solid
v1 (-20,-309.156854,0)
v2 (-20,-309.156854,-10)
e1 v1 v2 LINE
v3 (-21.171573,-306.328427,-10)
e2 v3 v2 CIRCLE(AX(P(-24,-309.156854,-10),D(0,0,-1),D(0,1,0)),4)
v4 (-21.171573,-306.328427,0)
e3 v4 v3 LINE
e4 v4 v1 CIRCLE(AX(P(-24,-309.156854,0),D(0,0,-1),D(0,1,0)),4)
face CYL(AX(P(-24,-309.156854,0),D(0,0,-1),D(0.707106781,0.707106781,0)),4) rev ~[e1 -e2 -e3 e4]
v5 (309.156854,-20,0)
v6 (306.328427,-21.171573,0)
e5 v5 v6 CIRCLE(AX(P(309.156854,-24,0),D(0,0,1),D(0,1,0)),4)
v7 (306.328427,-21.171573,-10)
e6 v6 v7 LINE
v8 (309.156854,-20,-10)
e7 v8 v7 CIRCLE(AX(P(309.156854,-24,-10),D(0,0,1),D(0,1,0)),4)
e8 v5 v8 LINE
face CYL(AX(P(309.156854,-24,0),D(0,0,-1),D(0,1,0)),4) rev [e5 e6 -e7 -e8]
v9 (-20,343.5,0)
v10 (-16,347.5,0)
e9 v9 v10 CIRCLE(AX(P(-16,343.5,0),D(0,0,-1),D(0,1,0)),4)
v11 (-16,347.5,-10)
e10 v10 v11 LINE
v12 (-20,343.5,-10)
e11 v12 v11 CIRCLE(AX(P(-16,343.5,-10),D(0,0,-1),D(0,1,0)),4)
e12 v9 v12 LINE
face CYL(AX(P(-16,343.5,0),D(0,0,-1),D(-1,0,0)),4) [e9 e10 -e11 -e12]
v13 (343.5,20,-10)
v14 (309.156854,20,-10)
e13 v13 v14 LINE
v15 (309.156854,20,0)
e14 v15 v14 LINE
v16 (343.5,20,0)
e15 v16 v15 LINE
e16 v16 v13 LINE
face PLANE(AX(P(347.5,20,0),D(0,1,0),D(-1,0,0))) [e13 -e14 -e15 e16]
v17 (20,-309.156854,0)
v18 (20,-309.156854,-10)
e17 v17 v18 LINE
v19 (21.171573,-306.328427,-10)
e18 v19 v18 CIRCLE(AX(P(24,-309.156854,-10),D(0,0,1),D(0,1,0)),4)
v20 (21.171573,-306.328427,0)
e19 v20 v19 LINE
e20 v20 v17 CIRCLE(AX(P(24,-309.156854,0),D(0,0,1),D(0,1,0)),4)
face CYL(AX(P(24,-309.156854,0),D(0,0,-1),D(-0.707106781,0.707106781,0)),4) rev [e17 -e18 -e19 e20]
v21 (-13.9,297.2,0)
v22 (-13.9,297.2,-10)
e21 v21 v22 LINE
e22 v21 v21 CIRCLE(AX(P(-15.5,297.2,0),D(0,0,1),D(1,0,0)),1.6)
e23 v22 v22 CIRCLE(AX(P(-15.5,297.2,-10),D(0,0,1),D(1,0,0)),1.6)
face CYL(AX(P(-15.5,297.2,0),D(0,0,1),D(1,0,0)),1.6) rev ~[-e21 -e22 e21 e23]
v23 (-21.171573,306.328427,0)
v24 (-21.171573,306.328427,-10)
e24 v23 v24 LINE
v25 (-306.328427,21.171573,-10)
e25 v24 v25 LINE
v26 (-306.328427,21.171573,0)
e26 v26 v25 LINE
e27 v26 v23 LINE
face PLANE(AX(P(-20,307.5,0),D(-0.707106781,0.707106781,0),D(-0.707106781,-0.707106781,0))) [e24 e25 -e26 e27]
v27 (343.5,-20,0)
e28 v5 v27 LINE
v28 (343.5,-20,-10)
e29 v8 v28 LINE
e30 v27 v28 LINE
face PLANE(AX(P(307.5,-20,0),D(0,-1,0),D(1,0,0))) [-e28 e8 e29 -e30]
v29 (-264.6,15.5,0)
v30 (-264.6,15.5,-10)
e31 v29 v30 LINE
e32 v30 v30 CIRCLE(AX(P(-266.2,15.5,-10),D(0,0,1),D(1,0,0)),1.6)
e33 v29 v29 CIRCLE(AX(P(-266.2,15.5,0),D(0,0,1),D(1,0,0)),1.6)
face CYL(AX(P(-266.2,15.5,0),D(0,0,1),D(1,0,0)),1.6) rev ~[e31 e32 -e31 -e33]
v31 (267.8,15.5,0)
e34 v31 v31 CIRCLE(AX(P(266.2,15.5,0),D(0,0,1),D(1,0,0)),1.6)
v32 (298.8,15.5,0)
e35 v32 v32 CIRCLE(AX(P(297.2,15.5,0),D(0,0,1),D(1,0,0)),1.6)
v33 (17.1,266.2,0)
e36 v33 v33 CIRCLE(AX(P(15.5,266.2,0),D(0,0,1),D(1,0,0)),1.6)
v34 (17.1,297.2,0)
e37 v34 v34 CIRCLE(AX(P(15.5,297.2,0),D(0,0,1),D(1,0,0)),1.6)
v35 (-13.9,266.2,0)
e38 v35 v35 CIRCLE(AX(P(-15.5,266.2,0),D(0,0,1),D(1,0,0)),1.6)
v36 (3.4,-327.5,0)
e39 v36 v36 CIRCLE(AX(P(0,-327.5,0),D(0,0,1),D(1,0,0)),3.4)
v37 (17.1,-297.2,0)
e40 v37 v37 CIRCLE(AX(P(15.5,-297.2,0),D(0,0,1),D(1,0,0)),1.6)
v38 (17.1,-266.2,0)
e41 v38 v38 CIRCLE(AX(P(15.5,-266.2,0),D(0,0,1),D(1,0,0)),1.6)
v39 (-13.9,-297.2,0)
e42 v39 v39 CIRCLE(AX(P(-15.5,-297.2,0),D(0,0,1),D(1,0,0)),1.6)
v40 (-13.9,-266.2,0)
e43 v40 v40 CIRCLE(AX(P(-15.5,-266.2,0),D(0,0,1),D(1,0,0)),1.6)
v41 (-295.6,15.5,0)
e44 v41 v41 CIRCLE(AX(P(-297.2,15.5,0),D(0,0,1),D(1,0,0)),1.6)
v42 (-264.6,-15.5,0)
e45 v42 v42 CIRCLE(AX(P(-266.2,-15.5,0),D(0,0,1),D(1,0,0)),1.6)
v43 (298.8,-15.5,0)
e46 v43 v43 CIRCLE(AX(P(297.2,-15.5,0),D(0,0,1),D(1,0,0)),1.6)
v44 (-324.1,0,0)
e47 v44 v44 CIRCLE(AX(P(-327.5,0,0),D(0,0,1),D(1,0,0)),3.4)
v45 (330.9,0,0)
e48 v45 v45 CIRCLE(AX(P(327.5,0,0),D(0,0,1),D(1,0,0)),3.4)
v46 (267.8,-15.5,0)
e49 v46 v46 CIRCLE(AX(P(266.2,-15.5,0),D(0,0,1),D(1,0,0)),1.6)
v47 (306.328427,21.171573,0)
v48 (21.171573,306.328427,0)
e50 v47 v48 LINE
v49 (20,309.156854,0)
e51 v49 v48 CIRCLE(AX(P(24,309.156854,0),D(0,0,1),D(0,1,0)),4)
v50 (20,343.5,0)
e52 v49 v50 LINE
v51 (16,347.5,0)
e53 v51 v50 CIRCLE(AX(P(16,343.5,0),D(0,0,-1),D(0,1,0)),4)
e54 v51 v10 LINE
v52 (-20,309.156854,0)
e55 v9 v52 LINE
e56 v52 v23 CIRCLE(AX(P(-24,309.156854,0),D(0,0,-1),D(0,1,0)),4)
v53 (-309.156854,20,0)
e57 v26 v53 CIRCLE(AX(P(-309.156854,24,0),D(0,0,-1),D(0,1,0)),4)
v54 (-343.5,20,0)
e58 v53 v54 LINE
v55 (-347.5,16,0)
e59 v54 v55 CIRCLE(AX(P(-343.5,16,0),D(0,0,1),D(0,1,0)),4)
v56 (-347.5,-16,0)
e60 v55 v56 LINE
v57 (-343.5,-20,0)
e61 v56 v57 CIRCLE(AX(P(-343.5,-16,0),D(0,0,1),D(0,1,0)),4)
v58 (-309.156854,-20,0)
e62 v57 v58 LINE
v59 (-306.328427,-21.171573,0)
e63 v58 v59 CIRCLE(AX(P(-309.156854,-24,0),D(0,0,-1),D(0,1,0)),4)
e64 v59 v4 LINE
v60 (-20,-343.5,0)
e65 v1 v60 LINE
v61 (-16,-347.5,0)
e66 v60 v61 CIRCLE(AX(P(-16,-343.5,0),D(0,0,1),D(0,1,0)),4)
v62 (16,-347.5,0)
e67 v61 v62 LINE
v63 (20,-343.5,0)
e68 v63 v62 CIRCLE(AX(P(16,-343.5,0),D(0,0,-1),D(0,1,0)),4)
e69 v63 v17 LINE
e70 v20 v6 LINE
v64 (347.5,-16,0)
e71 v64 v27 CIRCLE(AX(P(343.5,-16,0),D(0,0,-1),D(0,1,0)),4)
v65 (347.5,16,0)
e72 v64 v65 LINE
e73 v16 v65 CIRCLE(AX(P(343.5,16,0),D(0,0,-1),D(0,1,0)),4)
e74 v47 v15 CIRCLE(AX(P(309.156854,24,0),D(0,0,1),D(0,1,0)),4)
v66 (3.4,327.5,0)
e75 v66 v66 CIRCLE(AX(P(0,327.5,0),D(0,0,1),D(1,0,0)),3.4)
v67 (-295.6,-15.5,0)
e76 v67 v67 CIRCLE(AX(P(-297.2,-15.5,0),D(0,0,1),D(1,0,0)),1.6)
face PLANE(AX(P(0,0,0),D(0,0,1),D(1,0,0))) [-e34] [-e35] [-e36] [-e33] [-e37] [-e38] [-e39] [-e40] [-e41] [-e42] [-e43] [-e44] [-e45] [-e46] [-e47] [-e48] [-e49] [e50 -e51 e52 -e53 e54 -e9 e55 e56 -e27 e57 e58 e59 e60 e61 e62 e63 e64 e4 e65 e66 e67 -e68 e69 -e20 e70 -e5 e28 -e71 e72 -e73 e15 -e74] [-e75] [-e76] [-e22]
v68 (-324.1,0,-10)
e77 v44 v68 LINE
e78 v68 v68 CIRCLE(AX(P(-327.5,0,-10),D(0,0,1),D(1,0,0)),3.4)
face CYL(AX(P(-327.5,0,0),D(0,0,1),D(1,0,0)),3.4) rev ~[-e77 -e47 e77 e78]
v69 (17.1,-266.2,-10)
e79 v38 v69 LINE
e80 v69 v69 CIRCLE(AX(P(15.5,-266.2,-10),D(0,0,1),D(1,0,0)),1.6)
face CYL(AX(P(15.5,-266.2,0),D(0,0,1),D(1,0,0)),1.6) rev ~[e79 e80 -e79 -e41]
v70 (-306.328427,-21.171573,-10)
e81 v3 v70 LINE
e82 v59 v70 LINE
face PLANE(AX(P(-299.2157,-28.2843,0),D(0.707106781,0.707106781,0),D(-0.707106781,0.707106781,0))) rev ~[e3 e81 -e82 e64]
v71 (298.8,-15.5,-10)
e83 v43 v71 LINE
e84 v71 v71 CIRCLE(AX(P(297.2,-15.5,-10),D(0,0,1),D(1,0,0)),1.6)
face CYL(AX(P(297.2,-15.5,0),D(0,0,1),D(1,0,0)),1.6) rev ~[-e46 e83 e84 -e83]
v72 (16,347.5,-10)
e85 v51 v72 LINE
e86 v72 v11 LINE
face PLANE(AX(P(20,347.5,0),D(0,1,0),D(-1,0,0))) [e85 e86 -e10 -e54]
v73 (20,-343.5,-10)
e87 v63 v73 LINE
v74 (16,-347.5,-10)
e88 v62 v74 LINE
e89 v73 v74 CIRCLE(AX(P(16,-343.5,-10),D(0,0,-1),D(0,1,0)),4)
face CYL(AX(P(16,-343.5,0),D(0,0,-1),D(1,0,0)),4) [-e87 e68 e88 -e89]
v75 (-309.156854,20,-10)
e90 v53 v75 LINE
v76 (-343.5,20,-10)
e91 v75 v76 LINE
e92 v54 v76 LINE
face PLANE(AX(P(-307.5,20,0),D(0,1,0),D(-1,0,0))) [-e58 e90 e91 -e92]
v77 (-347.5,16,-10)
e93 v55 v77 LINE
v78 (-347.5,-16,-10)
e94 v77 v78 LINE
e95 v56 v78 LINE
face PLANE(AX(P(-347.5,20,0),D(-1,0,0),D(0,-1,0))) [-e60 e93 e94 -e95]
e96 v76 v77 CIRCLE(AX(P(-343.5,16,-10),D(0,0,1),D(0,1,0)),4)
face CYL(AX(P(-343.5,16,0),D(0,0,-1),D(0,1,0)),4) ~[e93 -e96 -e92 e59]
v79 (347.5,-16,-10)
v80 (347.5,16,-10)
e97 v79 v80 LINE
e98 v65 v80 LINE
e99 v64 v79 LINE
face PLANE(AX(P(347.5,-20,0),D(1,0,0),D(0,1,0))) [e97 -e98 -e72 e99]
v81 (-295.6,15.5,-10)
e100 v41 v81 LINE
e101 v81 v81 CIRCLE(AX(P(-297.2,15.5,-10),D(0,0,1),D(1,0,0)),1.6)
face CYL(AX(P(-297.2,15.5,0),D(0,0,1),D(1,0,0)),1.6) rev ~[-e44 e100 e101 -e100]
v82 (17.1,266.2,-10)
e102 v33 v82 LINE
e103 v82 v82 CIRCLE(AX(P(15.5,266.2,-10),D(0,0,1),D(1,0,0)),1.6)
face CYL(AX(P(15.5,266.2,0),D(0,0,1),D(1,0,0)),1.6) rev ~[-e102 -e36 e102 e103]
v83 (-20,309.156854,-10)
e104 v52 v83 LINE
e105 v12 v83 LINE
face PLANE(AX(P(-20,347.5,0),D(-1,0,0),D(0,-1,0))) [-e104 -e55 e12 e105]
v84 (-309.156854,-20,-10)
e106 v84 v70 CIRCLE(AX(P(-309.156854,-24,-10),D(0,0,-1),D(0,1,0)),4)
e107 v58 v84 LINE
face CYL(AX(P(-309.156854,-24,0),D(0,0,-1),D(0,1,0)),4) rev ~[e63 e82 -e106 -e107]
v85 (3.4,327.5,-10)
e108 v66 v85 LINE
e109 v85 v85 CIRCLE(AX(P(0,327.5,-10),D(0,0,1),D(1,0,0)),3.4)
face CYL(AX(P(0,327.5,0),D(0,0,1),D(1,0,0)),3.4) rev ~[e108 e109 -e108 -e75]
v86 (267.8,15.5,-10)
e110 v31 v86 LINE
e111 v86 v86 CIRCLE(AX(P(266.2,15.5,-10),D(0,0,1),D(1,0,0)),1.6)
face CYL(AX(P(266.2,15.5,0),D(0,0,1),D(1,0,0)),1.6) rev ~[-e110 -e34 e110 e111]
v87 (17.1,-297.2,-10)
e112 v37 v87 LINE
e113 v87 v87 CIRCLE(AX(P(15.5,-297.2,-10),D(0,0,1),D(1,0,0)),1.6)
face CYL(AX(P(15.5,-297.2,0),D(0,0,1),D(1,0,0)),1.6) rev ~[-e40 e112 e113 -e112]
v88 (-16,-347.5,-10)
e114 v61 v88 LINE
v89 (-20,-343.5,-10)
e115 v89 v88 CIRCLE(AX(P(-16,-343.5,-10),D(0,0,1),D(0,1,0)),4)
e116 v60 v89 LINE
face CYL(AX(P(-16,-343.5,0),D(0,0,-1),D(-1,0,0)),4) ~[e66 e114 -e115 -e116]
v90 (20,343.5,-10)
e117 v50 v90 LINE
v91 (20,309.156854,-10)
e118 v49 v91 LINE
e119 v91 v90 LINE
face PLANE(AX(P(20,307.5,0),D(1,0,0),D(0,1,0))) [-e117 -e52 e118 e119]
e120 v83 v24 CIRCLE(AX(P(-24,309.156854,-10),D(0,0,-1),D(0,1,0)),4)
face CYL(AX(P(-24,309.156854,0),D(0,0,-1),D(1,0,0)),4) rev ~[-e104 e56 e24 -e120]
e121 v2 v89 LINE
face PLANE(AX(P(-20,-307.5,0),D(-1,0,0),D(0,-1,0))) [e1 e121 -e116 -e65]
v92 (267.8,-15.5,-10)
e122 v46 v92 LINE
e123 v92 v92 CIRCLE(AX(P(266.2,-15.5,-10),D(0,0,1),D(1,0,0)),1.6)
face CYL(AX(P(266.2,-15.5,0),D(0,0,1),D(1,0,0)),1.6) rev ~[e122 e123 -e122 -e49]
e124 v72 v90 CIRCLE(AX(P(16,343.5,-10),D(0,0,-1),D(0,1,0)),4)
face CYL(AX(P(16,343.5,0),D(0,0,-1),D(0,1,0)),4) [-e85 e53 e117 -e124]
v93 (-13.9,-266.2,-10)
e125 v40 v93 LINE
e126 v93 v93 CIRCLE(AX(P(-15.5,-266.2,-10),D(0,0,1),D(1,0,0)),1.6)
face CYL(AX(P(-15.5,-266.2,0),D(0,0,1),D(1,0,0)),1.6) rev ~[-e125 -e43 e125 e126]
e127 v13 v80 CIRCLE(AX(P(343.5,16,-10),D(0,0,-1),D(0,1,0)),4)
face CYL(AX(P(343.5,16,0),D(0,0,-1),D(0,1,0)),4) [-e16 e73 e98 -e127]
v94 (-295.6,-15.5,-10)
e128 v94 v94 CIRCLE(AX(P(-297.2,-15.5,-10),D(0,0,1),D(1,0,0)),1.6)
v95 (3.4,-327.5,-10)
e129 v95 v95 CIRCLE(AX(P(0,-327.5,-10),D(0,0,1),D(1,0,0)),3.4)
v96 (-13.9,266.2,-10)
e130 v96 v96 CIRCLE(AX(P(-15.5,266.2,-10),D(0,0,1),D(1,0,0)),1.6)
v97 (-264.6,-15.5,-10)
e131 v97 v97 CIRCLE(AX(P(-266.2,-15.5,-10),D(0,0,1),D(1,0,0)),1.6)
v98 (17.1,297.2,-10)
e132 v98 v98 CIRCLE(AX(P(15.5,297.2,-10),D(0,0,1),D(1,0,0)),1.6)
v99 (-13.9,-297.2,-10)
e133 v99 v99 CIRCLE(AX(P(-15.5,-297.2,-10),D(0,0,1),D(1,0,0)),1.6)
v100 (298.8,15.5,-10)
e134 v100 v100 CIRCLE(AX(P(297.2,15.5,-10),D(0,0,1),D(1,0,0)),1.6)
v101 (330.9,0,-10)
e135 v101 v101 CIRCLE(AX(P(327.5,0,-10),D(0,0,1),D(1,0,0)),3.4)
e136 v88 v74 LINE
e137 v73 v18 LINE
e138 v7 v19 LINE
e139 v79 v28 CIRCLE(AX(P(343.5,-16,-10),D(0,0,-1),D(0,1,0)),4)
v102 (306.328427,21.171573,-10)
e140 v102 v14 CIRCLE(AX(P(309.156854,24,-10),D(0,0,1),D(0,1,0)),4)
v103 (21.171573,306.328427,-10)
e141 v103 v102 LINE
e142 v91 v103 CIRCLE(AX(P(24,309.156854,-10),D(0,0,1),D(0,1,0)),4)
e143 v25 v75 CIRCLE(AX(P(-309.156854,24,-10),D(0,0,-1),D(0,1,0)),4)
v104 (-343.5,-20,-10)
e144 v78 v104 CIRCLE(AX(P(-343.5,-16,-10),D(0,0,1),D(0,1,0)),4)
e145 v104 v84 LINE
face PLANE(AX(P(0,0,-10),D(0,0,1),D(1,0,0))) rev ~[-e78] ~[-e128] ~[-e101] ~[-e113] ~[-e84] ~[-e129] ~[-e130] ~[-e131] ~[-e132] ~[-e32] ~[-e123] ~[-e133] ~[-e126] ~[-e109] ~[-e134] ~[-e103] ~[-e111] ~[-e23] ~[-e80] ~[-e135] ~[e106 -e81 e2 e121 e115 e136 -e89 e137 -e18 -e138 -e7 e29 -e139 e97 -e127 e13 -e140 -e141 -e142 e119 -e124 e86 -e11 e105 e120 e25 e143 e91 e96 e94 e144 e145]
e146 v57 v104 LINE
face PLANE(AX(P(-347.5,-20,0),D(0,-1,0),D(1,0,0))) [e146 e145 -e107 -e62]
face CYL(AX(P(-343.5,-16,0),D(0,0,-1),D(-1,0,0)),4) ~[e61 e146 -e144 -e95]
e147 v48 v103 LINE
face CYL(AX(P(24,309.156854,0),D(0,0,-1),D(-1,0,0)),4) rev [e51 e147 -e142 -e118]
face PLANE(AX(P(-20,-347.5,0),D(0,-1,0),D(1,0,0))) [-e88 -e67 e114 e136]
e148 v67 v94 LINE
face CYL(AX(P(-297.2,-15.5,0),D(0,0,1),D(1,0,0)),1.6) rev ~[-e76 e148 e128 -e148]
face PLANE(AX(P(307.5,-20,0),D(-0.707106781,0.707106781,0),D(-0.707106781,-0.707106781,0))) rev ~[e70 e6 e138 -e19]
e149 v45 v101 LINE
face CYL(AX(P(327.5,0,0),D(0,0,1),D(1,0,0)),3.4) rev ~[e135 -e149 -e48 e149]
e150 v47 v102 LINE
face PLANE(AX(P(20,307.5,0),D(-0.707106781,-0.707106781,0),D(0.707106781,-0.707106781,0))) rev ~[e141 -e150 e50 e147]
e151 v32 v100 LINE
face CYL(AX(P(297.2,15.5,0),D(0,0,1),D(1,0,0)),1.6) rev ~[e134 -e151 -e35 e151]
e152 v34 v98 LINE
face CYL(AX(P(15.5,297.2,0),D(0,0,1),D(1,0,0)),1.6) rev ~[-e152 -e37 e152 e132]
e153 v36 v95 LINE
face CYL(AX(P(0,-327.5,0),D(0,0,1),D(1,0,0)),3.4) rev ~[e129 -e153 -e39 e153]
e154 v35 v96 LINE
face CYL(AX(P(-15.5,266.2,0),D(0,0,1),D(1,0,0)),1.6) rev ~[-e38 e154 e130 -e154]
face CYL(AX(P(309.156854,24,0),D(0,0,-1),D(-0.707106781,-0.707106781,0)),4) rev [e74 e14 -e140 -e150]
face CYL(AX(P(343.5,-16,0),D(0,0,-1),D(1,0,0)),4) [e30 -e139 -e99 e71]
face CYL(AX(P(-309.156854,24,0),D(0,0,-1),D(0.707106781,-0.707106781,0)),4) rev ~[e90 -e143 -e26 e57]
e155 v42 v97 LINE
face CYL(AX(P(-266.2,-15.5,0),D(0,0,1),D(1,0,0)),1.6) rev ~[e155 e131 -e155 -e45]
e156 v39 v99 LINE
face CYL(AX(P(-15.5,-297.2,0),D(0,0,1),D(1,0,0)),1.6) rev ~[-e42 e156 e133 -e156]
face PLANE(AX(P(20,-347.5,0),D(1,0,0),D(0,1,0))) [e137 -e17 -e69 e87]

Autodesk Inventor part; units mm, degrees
ref_plane "YZ Plane" through (0, 0, 0) normal (1, 0, 0) x (0, 1, 0)
ref_plane "XZ Plane" through (0, 0, 0) normal (0, 1, 0) x (-1, 0, 0)
ref_plane "XY Plane" through (0, 0, 0) normal (0, 0, 1) x (1, 0, 0)
sketch "Sketch2" plane through (0, 0, 0) normal (0, 0, 1) x (1, 0, 0)
  circle A0 centre (0, 0) radius 327.5 construction
  line L0 (-20, 307.5) -> (20, 307.5)
  line L1 (20, 307.5) -> (20, 347.5)
  line L2 (20, 347.5) -> (-20, 347.5)
  line L3 (-20, 347.5) -> (-20, 307.5)
  line L4 (-20, 307.5) -> (20, 347.5) construction
  line L5 (20, 307.5) -> (-20, 347.5) construction
  circle A1 centre (0, 327.5) radius 3.4
  circle A2 centre (-327.5, 0) radius 3.4
  line L6 (-347.5, 20) -> (-347.5, -20)
  line L7 (-347.5, -20) -> (-307.5, -20)
  line L8 (-307.5, -20) -> (-307.5, 20)
  line L9 (-307.5, 20) -> (-347.5, 20)
  line L10 (-307.5, 20) -> (-347.5, -20) construction
  line L11 (-307.5, -20) -> (-347.5, 20) construction
  circle A3 centre (0, -327.5) radius 3.4
  line L12 (-20, -347.5) -> (20, -347.5)
  line L13 (20, -347.5) -> (20, -307.5)
  line L14 (20, -307.5) -> (-20, -307.5)
  line L15 (-20, -307.5) -> (-20, -347.5)
  line L16 (-20, -307.5) -> (20, -347.5) construction
  line L17 (20, -307.5) -> (-20, -347.5) construction
  circle A4 centre (327.5, 0) radius 3.4
  line L18 (347.5, -20) -> (347.5, 20)
  line L19 (347.5, 20) -> (307.5, 20)
  line L20 (307.5, 20) -> (307.5, -20)
  line L21 (307.5, -20) -> (347.5, -20)
  line L22 (307.5, -20) -> (347.5, 20) construction
  line L23 (307.5, 20) -> (347.5, -20) construction
  line L24 (-20, 307.5) -> (-307.5, 20)
  line L25 (20, 307.5) -> (307.5, 20)
  line L26 (307.5, -20) -> (20, -307.5)
  line L27 (-20, -307.5) -> (-307.5, -20)
  line L28 (-307.5, 20) -> (307.5, 20)
  line L29 (-307.5, -20) -> (307.5, -20)
  line L30 (-20, 307.5) -> (-20, -307.5)
  line L31 (20, 307.5) -> (20, -307.5)
  line L32 (-299.2157, -28.2843) -> (28.2843, 299.2157)
  line L33 (-28.2843, 299.2157) -> (299.2157, -28.2843)
  line L34 (299.2157, 28.2843) -> (-28.2843, -299.2157)
  line L35 (-299.2157, 28.2843) -> (28.2843, -299.2157)
  line L36 (260.6, 21.1) -> (302.8, 21.1) construction
  line L37 (302.8, 21.1) -> (302.8, -21.1) construction
  line L38 (302.8, -21.1) -> (260.6, -21.1) construction
  line L39 (260.6, -21.1) -> (260.6, 21.1) construction
  line L40 (260.6, 21.1) -> (302.8, -21.1) construction
  line L41 (302.8, 21.1) -> (260.6, -21.1) construction
  circle A5 centre (297.2, 15.5) radius 1.6
  circle A6 centre (266.2, 15.5) radius 1.6
  circle A7 centre (266.2, -15.5) radius 1.6
  circle A8 centre (297.2, -15.5) radius 1.6
  circle A9 centre (-15.5, 266.2) radius 1.6
  circle A10 centre (-15.5, 297.2) radius 1.6
  circle A11 centre (15.5, 297.2) radius 1.6
  circle A12 centre (15.5, 266.2) radius 1.6
  circle A13 centre (-266.2, -15.5) radius 1.6
  circle A14 centre (-297.2, -15.5) radius 1.6
  circle A15 centre (-297.2, 15.5) radius 1.6
  circle A16 centre (-266.2, 15.5) radius 1.6
  circle A17 centre (15.5, -266.2) radius 1.6
  circle A18 centre (15.5, -297.2) radius 1.6
  circle A19 centre (-15.5, -297.2) radius 1.6
  circle A20 centre (-15.5, -266.2) radius 1.6
  point P0 (-250.9315, -20)
  point P1 (-20, -250.9315)
  point P2 (-20, -20)
  point P3 (20, -250.9315)
  point P4 (250.9315, -20)
  point P5 (20, -20)
  point P6 (250.9315, 20)
  point P7 (20, 250.9315)
  point P8 (20, 20)
  point P9 (-20, 250.9315)
  point P10 (-250.9315, 20)
  point P11 (-20, 20)
  point P12 (281.7, 0)
  dimension "d26" = 655
  dimension "d28" = 40
  dimension "d29" = 40
  dimension "d30" = 6.8
  dimension "d33" = 360
  dimension "d37" = 40
  dimension "d38" = 40
  dimension "d39" = 40
  dimension "d40" = 40
  dimension "d46" = 42.2
  dimension "d47" = 42.2
  dimension "d48" = 4.7
  dimension "d49" = 3.2
  dimension "d50" = 5.6
  dimension "d102" = 360
  dimension "d106" = 360
extrude "Extrusion3" add sketch "Sketch2" against normal blind 10 contours L3 L2 L1 L0 | L30 L33 L24 | L0 L31 L32 L33 L30 | L25 L32 L31 | L33 L30 L32 L28 L35 L24 | L33 L32 L30 | L25 L34 L28 L33 L31 L32 | L31 L33 L32 | L35 L28 L24 | L32 L33 L31 L28 L30 | L30 L28 L32 | L25 L28 L34 | L33 L28 L31 | L28 L35 L32 L29 L8 | L8 L7 L6 L9 | L28 L32 L35 | L30 L29 L35 L32 L28 | L28 L31 L29 L30 | L19 L18 L21 L20 | L20 L29 L33 L34 L28 | L34 L33 L28 | L28 L33 L34 L29 L31 | L29 L32 L27 | L35 L29 L32 | L30 L35 L29 | L29 L31 L34 L35 L30 | L26 L33 L29 | L33 L29 L34 | L29 L34 L31 | L32 L29 L35 L30 L34 L27 | L35 L34 L30 | L26 L35 L31 L34 L29 L33 | L31 L35 L34 | L34 L30 L27 | L34 L35 L31 L14 L30 | L26 L31 L35 | L14 L13 L12 L15 | A5 | A6 | A7 | A8 | A9 | A10 | A11 | A12 | A13 | A14 | A15 | A16 | A17 | A18 | A19 | A20
fillet "Fillet5" radius 4 16 edges at (-307.5, 20, -5) (-347.5, 20, -5) (-347.5, -20, -5) (-20, -347.5, -5) (20, -347.5, -5) (-20, -307.5, -5) (-20, 347.5, -5) (307.5, -20, -5) (347.5, -20, -5) (347.5, 20, -5) (20, 307.5, -5) (20, 347.5, -5) (307.5, 20, -5) (-20, 307.5, -5) (-307.5, -20, -5) (20, -307.5, -5)
extrude "Extrusion6" cut sketch "Sketch2" against normal blind 10 contours A5 | A6 | A7 | A8 | A9 | A10 | A11 | A12 | A13 | A14 | A15 | A16 | A17 | A18 | A19 | A20
equation "\"d26\" = ring_outer_diam + bar_width"
equation "\"d28\" = bar_width"
equation "\"d29\" = bar_width"
equation "\"d30\" = bar_hole_diam"
equation "\"d37\" = bar_width"
equation "\"d38\" = bar_width"
equation "\"d39\" = bar_width"
equation "\"d40\" = bar_width"
equation "\"d46\" = motor_width"
equation "\"d47\" = motor_width"
equation "\"d48\" = dist_motor_bar"
equation "\"d35\" = base_plate_thick"
equation "\"ring_inner_diam\" = 565"
equation "\"bar_width\" = 40"
equation "\"bar_hole_diam\" = 6.8"
equation "\"ring_outer_diam\" = 615"
equation "\"base_plate_thick\" = 10"
equation "\"motor_width\" = 42.2"
equation "\"dist_motor_bar\" = 4.7"
equation "\"motor_hole_diam\" = 3.2"
equation "\"motor_hole_edge_dist\" = 5.6"
properties part number "base_plate" material "Aluminum 6061"
